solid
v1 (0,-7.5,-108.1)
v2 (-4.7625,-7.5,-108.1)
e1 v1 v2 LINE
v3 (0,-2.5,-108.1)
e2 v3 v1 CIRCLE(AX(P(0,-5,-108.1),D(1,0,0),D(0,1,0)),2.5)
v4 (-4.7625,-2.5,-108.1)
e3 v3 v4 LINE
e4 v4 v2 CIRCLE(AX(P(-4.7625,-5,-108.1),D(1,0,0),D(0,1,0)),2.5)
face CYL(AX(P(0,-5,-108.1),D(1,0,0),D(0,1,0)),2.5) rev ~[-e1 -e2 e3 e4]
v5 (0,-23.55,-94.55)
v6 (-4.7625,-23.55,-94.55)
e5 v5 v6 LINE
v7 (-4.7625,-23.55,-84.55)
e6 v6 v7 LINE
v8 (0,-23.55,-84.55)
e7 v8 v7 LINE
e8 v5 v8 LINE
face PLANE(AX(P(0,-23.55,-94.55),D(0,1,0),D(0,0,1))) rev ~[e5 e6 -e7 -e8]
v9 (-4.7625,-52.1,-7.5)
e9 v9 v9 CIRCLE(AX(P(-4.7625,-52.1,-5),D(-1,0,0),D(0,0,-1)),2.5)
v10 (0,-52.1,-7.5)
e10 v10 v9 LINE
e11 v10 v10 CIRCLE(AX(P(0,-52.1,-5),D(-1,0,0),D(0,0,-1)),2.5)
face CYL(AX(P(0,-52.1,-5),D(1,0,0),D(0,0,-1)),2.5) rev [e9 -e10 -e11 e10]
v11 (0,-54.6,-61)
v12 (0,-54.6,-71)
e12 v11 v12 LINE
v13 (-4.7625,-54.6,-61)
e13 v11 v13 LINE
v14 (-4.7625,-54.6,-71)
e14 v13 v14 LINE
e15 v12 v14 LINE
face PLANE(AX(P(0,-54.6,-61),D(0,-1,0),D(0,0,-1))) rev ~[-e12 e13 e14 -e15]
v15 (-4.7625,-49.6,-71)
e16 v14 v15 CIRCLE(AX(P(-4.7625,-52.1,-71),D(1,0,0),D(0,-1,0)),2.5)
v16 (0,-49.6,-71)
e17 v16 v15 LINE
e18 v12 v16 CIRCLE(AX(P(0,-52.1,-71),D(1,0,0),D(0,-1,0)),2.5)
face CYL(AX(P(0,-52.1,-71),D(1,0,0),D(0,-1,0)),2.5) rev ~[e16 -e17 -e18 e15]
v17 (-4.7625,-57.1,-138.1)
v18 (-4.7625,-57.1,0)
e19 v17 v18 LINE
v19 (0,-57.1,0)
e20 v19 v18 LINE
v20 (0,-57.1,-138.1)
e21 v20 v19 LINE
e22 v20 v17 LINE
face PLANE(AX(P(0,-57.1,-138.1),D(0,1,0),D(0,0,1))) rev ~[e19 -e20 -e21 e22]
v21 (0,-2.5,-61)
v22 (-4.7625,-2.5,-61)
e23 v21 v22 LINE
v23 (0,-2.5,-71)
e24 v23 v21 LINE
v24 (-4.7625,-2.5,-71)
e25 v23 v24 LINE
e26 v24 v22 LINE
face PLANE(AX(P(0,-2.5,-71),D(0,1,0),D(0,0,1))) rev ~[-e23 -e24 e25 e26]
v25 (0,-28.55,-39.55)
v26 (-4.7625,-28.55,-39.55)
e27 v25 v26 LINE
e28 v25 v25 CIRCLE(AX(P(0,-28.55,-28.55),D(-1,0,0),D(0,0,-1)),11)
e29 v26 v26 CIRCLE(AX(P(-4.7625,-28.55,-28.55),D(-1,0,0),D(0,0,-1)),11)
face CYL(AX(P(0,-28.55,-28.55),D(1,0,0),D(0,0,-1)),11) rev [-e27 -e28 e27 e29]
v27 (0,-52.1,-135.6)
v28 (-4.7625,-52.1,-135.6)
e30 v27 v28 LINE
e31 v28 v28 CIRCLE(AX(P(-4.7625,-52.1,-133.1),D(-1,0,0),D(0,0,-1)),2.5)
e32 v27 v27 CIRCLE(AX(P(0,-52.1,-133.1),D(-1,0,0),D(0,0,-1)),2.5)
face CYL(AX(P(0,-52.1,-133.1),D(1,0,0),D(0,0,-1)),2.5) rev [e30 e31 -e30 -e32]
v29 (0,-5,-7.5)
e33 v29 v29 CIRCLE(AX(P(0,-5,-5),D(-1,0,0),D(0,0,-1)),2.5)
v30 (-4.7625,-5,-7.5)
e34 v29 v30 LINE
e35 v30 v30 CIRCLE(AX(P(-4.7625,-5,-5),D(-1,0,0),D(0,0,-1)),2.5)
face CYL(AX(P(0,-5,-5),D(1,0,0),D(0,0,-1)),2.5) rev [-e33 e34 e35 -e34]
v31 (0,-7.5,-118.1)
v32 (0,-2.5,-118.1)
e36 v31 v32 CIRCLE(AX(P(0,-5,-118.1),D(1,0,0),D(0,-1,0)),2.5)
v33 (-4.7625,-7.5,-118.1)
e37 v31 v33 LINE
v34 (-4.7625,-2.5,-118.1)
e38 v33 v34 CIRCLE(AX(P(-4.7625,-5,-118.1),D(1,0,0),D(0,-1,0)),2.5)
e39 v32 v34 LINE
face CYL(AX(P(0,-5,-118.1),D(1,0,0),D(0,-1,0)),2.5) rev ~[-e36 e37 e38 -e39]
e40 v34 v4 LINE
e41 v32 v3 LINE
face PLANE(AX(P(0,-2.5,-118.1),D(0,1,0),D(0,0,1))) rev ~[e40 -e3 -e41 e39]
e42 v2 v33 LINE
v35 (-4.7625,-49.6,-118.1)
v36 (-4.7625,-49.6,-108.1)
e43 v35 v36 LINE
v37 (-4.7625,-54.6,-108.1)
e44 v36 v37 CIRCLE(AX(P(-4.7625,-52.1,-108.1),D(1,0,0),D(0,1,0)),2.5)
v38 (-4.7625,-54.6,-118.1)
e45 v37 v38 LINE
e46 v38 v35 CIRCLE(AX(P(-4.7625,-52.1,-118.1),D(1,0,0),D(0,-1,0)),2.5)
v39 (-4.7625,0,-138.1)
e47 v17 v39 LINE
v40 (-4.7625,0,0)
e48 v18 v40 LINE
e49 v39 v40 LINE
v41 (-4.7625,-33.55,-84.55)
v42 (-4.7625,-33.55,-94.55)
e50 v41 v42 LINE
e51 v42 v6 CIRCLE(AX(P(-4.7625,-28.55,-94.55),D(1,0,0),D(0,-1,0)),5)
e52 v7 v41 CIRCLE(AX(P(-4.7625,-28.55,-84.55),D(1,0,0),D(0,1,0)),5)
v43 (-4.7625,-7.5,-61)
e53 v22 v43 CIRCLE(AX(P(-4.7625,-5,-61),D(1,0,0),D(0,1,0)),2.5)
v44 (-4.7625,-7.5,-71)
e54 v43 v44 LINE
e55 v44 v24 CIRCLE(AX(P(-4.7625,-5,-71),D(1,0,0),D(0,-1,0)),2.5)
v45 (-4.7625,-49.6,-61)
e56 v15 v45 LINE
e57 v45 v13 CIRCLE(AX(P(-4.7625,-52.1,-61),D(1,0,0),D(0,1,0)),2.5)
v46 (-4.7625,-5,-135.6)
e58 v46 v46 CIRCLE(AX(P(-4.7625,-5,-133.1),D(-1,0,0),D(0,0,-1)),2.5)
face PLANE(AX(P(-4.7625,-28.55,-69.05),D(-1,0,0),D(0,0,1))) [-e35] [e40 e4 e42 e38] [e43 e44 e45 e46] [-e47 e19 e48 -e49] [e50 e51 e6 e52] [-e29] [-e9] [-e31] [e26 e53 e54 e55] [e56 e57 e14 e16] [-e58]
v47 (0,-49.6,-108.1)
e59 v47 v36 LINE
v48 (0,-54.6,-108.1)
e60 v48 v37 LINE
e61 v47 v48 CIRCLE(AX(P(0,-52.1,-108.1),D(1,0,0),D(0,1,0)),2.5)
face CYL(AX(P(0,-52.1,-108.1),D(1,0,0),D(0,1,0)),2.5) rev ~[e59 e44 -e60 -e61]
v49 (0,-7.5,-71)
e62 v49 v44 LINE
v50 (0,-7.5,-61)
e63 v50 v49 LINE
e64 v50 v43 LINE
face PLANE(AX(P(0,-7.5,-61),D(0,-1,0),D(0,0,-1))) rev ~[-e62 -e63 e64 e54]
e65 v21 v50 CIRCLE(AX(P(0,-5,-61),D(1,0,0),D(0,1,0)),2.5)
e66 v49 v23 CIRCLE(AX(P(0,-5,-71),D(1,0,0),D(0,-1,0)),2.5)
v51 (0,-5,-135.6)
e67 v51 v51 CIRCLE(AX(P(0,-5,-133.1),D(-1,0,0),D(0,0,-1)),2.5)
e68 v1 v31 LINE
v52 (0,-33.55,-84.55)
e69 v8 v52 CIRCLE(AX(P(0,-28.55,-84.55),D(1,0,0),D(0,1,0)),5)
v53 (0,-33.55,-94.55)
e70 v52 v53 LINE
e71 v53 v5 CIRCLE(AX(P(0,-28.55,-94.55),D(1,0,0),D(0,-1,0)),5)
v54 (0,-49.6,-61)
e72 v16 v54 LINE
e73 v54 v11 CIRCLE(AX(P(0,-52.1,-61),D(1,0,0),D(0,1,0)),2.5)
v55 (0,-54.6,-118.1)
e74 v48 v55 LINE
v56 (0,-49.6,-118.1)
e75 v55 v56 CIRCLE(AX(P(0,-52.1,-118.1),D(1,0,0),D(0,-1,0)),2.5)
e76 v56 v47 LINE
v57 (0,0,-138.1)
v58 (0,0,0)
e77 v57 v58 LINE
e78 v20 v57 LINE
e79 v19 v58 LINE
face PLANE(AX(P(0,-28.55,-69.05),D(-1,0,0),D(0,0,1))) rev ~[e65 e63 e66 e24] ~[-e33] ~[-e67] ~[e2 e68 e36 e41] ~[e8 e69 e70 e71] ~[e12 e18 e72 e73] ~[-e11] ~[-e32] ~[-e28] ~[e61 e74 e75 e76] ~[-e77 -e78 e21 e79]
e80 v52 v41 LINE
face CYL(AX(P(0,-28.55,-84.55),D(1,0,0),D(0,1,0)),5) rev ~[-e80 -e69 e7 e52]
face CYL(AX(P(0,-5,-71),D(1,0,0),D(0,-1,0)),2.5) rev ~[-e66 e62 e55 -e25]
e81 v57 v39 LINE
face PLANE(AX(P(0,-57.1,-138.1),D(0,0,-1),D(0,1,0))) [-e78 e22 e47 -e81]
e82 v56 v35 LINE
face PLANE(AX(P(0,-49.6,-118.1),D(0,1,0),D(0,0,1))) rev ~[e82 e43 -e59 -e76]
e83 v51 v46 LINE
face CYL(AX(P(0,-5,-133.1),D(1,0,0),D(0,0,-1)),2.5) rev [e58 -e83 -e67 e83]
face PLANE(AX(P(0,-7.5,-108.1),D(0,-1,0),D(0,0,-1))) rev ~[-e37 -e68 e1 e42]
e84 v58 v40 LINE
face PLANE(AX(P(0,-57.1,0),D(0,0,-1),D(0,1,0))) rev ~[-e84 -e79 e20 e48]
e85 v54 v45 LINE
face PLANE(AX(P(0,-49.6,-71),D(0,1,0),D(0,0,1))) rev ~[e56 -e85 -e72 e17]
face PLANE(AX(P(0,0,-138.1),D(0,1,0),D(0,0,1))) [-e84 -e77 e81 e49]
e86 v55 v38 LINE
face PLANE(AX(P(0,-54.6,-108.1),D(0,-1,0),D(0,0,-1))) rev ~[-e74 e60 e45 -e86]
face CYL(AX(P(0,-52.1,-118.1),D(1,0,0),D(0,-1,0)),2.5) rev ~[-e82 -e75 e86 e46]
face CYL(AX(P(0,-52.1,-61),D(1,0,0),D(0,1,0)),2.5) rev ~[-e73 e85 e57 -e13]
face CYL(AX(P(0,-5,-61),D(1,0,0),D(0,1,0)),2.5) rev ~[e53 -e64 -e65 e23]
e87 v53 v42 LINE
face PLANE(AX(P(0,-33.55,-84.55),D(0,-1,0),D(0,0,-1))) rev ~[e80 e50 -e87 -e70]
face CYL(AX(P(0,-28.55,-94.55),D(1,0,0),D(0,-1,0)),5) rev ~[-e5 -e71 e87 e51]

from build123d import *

# Parameters (mm, degrees)
SKETCH1_W           = 138.1
SKETCH1_H           = 57.1
SKETCH1_R           = 2.5
SKETCH1_R_2         = 11
BOSS_EXTRUDE1_DEPTH = 4.7625


with BuildPart() as part:
    # Sketch1 → Boss-Extrude1 (new body)
    with BuildSketch(Plane.ZY):
        with Locations((-69.05, -28.55)):
            Rectangle(SKETCH1_W, SKETCH1_H)
        with Locations(Location((-133.1, -5, 0), (0, 0, 180))):
            Circle(SKETCH1_R, mode=Mode.SUBTRACT)
        with Locations(Location((-133.1, -52.1, 0), (0, 0, 180))):
            Circle(SKETCH1_R, mode=Mode.SUBTRACT)
        with Locations(Location((-28.55, -28.55, 0), (0, 0, 180))):
            Circle(SKETCH1_R_2, mode=Mode.SUBTRACT)
        with Locations(Location((-5, -5, 0), (0, 0, 180))):
            Circle(SKETCH1_R, mode=Mode.SUBTRACT)
        with Locations(Location((-5, -52.1, 0), (0, 0, 180))):
            Circle(SKETCH1_R, mode=Mode.SUBTRACT)
        with BuildLine():
            Line((-108.1, -7.5), (-118.1, -7.5))
            ThreePointArc((-118.1, -7.5), (-120.6, -5), (-118.1, -2.5))
            Line((-118.1, -2.5), (-108.1, -2.5))
            ThreePointArc((-108.1, -2.5), (-105.6, -5), (-108.1, -7.5))
        make_face(mode=Mode.SUBTRACT)
        with BuildLine():
            Line((-108.1, -54.6), (-118.1, -54.6))
            ThreePointArc((-118.1, -54.6), (-120.6, -52.1), (-118.1, -49.6))
            Line((-118.1, -49.6), (-108.1, -49.6))
            ThreePointArc((-108.1, -49.6), (-105.6, -52.1), (-108.1, -54.6))
        make_face(mode=Mode.SUBTRACT)
        with BuildLine():
            Line((-61, -7.5), (-71, -7.5))
            ThreePointArc((-71, -7.5), (-73.5, -5), (-71, -2.5))
            Line((-71, -2.5), (-61, -2.5))
            ThreePointArc((-61, -2.5), (-58.5, -5), (-61, -7.5))
        make_face(mode=Mode.SUBTRACT)
        with BuildLine():
            Line((-61, -54.6), (-71, -54.6))
            ThreePointArc((-71, -54.6), (-73.5, -52.1), (-71, -49.6))
            Line((-71, -49.6), (-61, -49.6))
            ThreePointArc((-61, -49.6), (-58.5, -52.1), (-61, -54.6))
        make_face(mode=Mode.SUBTRACT)
        with BuildLine():
            Line((-84.55, -33.55), (-94.55, -33.55))
            ThreePointArc((-94.55, -33.55), (-99.55, -28.55), (-94.55, -23.55))
            Line((-94.55, -23.55), (-84.55, -23.55))
            ThreePointArc((-84.55, -23.55), (-79.55, -28.55), (-84.55, -33.55))
        make_face(mode=Mode.SUBTRACT)
    extrude(amount=BOSS_EXTRUDE1_DEPTH)


solid = part.part
